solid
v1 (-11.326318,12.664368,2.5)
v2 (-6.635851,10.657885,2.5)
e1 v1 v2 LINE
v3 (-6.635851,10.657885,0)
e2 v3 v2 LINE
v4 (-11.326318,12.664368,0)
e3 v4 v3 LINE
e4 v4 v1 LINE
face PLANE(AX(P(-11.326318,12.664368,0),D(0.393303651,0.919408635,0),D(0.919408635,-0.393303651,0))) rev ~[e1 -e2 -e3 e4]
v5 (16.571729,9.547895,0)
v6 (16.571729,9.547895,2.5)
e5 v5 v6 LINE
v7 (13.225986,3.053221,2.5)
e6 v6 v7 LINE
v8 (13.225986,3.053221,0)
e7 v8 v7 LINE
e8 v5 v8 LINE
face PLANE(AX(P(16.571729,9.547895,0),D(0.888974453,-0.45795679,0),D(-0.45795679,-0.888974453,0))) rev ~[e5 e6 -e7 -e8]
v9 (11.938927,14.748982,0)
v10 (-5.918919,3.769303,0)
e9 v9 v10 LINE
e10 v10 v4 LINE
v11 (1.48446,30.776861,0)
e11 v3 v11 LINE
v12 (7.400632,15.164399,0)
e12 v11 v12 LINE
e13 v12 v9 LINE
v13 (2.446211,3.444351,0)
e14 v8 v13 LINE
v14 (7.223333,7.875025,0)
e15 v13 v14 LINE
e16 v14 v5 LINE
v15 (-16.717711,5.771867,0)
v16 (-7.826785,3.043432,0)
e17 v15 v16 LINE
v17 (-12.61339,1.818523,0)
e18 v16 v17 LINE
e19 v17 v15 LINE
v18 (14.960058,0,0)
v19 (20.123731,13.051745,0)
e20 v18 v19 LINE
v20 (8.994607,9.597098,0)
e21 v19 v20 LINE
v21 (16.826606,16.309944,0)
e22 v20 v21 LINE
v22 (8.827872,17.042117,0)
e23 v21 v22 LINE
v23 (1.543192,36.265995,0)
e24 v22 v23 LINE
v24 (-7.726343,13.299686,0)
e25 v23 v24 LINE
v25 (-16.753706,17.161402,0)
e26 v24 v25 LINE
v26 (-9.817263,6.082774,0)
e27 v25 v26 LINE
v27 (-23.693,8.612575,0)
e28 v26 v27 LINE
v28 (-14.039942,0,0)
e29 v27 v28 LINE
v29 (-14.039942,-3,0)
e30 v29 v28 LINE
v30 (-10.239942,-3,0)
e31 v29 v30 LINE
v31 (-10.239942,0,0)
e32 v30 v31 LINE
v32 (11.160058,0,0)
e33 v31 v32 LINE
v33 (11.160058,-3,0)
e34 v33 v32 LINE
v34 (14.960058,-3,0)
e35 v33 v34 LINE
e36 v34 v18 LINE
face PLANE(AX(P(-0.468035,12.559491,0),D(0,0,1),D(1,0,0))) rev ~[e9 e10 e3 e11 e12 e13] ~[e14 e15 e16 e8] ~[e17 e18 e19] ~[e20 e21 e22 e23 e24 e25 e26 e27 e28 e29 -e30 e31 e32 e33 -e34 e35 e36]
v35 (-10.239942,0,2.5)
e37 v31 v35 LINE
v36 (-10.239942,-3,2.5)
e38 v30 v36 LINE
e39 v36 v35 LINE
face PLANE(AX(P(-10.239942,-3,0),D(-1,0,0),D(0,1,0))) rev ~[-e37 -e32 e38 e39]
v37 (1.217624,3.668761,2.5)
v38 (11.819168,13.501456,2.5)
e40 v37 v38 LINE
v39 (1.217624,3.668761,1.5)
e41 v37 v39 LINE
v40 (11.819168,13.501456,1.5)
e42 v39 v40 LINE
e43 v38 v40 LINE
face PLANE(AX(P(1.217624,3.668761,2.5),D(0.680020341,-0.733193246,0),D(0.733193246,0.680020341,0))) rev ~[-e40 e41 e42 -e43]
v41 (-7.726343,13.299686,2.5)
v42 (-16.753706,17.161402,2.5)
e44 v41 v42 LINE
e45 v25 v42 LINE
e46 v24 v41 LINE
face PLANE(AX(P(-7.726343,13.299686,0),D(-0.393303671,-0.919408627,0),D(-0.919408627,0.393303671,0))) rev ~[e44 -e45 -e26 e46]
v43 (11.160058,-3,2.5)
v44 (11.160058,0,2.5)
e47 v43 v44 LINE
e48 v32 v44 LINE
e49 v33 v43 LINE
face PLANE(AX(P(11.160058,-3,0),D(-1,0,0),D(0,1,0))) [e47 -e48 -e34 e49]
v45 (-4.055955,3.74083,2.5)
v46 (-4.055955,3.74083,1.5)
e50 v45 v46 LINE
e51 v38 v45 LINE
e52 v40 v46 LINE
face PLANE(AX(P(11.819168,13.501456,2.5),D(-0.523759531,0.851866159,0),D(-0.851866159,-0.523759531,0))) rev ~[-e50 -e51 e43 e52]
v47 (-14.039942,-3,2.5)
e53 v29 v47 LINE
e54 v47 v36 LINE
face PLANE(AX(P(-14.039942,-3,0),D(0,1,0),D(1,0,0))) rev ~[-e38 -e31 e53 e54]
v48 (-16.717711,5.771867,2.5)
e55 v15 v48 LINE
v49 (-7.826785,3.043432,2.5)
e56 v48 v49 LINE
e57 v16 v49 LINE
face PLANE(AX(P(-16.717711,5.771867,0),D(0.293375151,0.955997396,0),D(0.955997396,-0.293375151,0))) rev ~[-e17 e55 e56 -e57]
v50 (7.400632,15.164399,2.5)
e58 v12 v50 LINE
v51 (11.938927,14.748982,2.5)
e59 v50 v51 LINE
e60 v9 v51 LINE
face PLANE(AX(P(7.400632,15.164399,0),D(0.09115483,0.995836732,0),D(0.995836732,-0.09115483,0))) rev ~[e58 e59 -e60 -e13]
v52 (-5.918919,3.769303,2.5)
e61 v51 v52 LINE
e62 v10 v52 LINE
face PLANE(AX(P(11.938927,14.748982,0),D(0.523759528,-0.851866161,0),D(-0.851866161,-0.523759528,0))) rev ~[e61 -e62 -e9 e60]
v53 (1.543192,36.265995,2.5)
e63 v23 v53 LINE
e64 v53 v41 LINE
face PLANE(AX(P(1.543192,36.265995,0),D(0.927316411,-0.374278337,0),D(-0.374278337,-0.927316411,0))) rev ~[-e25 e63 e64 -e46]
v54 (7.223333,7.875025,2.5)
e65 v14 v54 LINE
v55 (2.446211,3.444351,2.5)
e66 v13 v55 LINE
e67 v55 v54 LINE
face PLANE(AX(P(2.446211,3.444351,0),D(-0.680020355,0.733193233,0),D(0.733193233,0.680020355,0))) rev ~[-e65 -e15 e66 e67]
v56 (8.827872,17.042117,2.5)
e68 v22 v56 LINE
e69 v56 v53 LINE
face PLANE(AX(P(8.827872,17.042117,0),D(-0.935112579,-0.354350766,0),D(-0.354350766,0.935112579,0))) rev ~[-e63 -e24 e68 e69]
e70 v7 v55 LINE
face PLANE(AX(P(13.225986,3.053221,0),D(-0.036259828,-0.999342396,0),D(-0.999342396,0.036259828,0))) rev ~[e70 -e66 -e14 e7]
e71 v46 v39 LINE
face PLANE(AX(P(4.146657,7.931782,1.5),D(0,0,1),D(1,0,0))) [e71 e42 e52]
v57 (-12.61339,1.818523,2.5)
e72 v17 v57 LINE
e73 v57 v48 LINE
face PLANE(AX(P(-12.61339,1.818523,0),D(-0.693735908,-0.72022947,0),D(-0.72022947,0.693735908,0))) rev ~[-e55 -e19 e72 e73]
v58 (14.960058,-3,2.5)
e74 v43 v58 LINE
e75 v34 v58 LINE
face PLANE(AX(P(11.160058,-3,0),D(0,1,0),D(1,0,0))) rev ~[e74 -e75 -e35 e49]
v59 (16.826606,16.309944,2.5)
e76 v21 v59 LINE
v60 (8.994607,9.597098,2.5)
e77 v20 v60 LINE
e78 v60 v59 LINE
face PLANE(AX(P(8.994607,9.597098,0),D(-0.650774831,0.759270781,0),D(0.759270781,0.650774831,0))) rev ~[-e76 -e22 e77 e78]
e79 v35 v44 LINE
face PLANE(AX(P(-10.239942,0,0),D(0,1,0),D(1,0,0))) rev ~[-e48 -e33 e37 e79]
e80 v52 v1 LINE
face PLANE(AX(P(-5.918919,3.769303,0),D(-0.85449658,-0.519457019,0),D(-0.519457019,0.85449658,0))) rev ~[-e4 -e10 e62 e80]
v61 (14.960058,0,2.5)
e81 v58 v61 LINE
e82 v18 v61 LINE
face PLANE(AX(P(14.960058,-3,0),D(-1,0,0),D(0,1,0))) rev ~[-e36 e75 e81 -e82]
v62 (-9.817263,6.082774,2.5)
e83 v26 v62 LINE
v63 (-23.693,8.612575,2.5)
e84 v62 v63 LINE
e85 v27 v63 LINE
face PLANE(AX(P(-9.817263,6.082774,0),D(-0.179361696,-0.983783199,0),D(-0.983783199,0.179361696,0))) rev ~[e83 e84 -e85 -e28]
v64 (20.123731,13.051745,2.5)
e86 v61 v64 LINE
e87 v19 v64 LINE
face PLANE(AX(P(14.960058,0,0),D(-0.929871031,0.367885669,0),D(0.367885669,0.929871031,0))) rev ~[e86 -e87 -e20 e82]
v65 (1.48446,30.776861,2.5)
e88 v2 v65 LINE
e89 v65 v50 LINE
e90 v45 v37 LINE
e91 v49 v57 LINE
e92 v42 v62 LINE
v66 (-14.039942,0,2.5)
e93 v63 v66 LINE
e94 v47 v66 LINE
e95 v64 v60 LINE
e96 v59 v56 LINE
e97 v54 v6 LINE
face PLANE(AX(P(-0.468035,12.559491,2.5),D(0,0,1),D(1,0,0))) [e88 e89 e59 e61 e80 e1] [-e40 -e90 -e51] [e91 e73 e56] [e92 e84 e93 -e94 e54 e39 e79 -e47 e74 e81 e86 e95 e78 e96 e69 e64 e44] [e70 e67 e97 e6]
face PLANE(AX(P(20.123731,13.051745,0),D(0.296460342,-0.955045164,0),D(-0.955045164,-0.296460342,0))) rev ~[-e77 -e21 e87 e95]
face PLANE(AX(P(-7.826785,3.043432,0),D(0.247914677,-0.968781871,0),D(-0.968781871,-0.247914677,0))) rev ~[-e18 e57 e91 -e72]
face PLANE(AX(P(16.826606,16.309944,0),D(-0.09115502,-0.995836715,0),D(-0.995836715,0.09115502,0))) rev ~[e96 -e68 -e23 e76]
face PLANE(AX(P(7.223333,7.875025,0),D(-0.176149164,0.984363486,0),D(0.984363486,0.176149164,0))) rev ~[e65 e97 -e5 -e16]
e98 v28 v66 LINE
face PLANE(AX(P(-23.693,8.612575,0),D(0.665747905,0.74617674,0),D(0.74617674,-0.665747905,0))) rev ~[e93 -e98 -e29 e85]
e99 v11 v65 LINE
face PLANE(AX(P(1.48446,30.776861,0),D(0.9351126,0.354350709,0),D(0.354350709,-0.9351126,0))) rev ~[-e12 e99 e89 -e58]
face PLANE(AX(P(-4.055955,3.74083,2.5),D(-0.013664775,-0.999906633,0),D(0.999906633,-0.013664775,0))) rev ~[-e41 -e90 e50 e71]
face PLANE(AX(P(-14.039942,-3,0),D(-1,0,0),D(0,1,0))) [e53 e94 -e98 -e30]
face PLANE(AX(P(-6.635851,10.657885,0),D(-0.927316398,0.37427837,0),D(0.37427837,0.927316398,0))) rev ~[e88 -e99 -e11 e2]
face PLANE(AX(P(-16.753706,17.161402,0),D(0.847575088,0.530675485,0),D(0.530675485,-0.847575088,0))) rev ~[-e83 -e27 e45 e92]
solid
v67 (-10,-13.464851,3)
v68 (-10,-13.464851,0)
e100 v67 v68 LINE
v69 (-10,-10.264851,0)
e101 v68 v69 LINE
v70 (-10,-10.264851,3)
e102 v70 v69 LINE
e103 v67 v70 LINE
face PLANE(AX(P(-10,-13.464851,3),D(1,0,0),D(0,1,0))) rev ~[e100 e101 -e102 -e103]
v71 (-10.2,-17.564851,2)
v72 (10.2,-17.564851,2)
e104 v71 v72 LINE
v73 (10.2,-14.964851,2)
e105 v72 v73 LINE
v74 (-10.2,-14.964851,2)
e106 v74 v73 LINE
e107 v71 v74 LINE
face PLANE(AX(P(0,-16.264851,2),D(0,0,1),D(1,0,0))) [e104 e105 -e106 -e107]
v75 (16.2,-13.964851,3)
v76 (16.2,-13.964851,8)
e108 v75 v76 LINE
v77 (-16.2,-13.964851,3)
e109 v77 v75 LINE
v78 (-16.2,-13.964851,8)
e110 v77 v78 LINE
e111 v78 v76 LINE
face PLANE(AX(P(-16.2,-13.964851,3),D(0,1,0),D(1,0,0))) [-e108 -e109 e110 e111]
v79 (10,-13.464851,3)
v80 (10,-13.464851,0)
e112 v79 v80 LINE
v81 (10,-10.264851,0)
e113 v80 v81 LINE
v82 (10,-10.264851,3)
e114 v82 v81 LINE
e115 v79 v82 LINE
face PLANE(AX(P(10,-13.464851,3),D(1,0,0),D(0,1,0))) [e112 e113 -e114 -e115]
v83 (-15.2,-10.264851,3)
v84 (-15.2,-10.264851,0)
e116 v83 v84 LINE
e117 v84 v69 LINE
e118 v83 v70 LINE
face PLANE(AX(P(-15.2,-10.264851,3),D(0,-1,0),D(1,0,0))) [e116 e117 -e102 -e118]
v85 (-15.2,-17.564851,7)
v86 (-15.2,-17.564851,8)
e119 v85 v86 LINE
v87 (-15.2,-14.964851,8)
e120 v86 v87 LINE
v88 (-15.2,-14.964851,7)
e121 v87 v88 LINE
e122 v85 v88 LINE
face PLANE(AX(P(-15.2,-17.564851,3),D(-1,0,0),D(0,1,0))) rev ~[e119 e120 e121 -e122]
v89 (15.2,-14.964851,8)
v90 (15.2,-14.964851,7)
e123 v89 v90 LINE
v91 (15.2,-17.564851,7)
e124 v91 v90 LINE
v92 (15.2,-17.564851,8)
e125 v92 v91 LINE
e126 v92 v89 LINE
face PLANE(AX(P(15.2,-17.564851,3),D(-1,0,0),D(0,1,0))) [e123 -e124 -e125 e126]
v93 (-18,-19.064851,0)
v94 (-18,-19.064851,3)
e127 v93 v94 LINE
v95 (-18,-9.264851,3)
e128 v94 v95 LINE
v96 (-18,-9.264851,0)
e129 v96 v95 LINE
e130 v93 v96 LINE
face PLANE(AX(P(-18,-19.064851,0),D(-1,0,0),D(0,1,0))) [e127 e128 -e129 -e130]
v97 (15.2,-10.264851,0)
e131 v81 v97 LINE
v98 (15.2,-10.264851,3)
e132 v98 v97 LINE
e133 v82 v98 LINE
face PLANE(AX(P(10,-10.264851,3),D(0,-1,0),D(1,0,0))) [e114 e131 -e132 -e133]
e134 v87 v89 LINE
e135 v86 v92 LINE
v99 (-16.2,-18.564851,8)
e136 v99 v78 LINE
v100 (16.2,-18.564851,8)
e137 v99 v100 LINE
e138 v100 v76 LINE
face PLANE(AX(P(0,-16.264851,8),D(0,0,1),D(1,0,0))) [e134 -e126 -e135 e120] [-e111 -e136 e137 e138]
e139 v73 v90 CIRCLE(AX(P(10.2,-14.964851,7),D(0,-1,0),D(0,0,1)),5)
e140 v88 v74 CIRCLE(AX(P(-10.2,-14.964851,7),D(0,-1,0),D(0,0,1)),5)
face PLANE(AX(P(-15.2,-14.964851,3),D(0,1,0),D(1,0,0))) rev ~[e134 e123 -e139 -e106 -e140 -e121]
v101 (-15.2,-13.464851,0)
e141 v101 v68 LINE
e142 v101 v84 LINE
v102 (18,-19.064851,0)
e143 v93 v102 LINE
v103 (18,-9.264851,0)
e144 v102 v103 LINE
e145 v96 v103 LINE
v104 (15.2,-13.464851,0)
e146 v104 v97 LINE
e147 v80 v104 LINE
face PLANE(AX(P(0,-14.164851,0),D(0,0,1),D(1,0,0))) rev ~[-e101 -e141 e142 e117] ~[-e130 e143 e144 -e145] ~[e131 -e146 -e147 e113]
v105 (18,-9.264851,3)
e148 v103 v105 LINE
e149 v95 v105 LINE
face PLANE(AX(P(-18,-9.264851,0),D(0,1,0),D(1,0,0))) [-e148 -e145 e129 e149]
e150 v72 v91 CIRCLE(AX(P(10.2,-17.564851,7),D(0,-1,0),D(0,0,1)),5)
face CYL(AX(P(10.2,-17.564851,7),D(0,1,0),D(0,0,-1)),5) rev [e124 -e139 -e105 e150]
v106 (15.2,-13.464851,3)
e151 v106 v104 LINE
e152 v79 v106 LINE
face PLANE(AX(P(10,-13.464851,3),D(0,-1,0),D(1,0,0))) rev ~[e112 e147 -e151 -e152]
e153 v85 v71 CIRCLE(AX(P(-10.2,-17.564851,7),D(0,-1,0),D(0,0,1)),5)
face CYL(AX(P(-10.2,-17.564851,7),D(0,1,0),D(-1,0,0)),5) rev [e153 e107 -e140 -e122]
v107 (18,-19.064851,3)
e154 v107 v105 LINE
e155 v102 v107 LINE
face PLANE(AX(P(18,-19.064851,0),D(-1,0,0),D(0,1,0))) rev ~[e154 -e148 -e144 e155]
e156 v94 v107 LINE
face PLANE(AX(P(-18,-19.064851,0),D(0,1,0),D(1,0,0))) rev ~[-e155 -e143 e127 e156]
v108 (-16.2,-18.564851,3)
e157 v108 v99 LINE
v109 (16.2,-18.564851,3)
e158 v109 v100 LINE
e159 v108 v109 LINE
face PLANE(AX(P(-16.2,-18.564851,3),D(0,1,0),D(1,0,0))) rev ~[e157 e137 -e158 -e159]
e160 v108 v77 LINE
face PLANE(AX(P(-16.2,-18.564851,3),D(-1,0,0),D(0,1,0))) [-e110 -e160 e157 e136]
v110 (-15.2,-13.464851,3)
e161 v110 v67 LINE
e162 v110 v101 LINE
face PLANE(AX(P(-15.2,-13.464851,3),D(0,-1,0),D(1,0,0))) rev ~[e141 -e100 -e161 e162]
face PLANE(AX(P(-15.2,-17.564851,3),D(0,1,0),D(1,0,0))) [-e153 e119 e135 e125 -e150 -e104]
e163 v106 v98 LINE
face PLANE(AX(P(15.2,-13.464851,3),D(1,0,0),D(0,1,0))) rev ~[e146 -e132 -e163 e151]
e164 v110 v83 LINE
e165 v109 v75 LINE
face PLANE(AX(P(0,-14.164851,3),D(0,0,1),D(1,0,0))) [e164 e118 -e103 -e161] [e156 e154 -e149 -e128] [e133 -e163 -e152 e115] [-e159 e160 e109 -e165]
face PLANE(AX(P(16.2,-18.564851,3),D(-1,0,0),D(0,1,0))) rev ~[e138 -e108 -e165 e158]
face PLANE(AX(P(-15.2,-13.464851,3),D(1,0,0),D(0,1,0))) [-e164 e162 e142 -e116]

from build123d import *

# Parameters (mm, degrees)
F0_W      = 3.8
F0_H      = 3
F1_DEPTH  = 2.5
F2_W      = 36
F2_H      = 9.8
F3_DEPTH  = 3
F4_W      = 5.2
F4_H      = 3.2
F5_DEPTH  = 25
F6_W      = 32.4
F6_H      = 4.6
F6_W_2    = 30.4
F6_H_2    = 2.6
F7_DEPTH  = 5
F8_DEPTH  = 1
F9_R      = 5
F11_DEPTH = 1


with BuildPart() as f1:
    # F0 (on Top) → F1 (new body)
    with BuildSketch(Plane.XY):
        Polygon((-23.693, 8.612575), (-14.039942, 0), (-10.239942, 0), (11.160058, 0), (14.960058, 0), (20.123731, 13.051745), (8.994607, 9.597098), (16.826606, 16.309944), (8.827872, 17.042117), (1.543192, 36.265995), (-7.726343, 13.299686), (-16.753706, 17.161402), (-9.817263, 6.082774), align=None)
        Polygon((-16.717711, 5.771867), (-7.826785, 3.043432), (-12.61339, 1.818523), align=None, mode=Mode.SUBTRACT)
        Polygon((2.446211, 3.444351), (7.223333, 7.875025), (16.571729, 9.547895), (13.225986, 3.053221), align=None, mode=Mode.SUBTRACT)
        Polygon((-5.918919, 3.769303), (-11.326318, 12.664368), (-6.635851, 10.657885), (1.48446, 30.776861), (7.400632, 15.164399), (11.938927, 14.748982), align=None, mode=Mode.SUBTRACT)
        with Locations((-12.139942, -1.5)):
            Rectangle(F0_W, F0_H)
        with Locations((13.060058, -1.5)):
            Rectangle(F0_W, F0_H)
    extrude(amount=F1_DEPTH)

    # F10 (on face) → F11 (cut)
    with BuildSketch(Plane.XY.offset(2.5)):
        Polygon((11.819168, 13.501456), (-4.055955, 3.74083), (1.217624, 3.668761), align=None)
    extrude(amount=-F11_DEPTH, mode=Mode.SUBTRACT)


with BuildPart() as f3:
    # F2 (on Top) → F3 (new body)
    with BuildSketch(Plane.XY):
        with Locations((0, -14.164851)):
            Rectangle(F2_W, F2_H)
    extrude(amount=F3_DEPTH)

    # F4 (on face) → F5 (cut)
    with BuildSketch(Plane.XY.offset(3)):
        with Locations((-12.6, -11.864851)):
            Rectangle(F4_W, F4_H)
        with Locations((12.6, -11.864851)):
            Rectangle(F4_W, F4_H)
    extrude(amount=-F5_DEPTH, mode=Mode.SUBTRACT)

    # F6 (on face) → F7 (join)
    with BuildSketch(Plane.XY.offset(3)):
        with Locations((0, -16.264851)):
            Rectangle(F6_W, F6_H)
        with Locations((0, -16.264851)):
            Rectangle(F6_W_2, F6_H_2, mode=Mode.SUBTRACT)
    extrude(amount=F7_DEPTH)

    # F6 (on face) → F8 (cut)
    with BuildSketch(Plane.XY.offset(3)):
        with Locations((0, -16.264851)):
            Rectangle(F6_W_2, F6_H_2)
    extrude(amount=-F8_DEPTH, mode=Mode.SUBTRACT)

    # F9
    f9_edges = [f3.edges().sort_by_distance(p)[0] for p in [
        (-15.2, -16.264851, 2),
        (15.2, -16.264851, 2),
    ]]
    fillet(f9_edges, radius=F9_R)


solid = Compound([f1.part, f3.part])
